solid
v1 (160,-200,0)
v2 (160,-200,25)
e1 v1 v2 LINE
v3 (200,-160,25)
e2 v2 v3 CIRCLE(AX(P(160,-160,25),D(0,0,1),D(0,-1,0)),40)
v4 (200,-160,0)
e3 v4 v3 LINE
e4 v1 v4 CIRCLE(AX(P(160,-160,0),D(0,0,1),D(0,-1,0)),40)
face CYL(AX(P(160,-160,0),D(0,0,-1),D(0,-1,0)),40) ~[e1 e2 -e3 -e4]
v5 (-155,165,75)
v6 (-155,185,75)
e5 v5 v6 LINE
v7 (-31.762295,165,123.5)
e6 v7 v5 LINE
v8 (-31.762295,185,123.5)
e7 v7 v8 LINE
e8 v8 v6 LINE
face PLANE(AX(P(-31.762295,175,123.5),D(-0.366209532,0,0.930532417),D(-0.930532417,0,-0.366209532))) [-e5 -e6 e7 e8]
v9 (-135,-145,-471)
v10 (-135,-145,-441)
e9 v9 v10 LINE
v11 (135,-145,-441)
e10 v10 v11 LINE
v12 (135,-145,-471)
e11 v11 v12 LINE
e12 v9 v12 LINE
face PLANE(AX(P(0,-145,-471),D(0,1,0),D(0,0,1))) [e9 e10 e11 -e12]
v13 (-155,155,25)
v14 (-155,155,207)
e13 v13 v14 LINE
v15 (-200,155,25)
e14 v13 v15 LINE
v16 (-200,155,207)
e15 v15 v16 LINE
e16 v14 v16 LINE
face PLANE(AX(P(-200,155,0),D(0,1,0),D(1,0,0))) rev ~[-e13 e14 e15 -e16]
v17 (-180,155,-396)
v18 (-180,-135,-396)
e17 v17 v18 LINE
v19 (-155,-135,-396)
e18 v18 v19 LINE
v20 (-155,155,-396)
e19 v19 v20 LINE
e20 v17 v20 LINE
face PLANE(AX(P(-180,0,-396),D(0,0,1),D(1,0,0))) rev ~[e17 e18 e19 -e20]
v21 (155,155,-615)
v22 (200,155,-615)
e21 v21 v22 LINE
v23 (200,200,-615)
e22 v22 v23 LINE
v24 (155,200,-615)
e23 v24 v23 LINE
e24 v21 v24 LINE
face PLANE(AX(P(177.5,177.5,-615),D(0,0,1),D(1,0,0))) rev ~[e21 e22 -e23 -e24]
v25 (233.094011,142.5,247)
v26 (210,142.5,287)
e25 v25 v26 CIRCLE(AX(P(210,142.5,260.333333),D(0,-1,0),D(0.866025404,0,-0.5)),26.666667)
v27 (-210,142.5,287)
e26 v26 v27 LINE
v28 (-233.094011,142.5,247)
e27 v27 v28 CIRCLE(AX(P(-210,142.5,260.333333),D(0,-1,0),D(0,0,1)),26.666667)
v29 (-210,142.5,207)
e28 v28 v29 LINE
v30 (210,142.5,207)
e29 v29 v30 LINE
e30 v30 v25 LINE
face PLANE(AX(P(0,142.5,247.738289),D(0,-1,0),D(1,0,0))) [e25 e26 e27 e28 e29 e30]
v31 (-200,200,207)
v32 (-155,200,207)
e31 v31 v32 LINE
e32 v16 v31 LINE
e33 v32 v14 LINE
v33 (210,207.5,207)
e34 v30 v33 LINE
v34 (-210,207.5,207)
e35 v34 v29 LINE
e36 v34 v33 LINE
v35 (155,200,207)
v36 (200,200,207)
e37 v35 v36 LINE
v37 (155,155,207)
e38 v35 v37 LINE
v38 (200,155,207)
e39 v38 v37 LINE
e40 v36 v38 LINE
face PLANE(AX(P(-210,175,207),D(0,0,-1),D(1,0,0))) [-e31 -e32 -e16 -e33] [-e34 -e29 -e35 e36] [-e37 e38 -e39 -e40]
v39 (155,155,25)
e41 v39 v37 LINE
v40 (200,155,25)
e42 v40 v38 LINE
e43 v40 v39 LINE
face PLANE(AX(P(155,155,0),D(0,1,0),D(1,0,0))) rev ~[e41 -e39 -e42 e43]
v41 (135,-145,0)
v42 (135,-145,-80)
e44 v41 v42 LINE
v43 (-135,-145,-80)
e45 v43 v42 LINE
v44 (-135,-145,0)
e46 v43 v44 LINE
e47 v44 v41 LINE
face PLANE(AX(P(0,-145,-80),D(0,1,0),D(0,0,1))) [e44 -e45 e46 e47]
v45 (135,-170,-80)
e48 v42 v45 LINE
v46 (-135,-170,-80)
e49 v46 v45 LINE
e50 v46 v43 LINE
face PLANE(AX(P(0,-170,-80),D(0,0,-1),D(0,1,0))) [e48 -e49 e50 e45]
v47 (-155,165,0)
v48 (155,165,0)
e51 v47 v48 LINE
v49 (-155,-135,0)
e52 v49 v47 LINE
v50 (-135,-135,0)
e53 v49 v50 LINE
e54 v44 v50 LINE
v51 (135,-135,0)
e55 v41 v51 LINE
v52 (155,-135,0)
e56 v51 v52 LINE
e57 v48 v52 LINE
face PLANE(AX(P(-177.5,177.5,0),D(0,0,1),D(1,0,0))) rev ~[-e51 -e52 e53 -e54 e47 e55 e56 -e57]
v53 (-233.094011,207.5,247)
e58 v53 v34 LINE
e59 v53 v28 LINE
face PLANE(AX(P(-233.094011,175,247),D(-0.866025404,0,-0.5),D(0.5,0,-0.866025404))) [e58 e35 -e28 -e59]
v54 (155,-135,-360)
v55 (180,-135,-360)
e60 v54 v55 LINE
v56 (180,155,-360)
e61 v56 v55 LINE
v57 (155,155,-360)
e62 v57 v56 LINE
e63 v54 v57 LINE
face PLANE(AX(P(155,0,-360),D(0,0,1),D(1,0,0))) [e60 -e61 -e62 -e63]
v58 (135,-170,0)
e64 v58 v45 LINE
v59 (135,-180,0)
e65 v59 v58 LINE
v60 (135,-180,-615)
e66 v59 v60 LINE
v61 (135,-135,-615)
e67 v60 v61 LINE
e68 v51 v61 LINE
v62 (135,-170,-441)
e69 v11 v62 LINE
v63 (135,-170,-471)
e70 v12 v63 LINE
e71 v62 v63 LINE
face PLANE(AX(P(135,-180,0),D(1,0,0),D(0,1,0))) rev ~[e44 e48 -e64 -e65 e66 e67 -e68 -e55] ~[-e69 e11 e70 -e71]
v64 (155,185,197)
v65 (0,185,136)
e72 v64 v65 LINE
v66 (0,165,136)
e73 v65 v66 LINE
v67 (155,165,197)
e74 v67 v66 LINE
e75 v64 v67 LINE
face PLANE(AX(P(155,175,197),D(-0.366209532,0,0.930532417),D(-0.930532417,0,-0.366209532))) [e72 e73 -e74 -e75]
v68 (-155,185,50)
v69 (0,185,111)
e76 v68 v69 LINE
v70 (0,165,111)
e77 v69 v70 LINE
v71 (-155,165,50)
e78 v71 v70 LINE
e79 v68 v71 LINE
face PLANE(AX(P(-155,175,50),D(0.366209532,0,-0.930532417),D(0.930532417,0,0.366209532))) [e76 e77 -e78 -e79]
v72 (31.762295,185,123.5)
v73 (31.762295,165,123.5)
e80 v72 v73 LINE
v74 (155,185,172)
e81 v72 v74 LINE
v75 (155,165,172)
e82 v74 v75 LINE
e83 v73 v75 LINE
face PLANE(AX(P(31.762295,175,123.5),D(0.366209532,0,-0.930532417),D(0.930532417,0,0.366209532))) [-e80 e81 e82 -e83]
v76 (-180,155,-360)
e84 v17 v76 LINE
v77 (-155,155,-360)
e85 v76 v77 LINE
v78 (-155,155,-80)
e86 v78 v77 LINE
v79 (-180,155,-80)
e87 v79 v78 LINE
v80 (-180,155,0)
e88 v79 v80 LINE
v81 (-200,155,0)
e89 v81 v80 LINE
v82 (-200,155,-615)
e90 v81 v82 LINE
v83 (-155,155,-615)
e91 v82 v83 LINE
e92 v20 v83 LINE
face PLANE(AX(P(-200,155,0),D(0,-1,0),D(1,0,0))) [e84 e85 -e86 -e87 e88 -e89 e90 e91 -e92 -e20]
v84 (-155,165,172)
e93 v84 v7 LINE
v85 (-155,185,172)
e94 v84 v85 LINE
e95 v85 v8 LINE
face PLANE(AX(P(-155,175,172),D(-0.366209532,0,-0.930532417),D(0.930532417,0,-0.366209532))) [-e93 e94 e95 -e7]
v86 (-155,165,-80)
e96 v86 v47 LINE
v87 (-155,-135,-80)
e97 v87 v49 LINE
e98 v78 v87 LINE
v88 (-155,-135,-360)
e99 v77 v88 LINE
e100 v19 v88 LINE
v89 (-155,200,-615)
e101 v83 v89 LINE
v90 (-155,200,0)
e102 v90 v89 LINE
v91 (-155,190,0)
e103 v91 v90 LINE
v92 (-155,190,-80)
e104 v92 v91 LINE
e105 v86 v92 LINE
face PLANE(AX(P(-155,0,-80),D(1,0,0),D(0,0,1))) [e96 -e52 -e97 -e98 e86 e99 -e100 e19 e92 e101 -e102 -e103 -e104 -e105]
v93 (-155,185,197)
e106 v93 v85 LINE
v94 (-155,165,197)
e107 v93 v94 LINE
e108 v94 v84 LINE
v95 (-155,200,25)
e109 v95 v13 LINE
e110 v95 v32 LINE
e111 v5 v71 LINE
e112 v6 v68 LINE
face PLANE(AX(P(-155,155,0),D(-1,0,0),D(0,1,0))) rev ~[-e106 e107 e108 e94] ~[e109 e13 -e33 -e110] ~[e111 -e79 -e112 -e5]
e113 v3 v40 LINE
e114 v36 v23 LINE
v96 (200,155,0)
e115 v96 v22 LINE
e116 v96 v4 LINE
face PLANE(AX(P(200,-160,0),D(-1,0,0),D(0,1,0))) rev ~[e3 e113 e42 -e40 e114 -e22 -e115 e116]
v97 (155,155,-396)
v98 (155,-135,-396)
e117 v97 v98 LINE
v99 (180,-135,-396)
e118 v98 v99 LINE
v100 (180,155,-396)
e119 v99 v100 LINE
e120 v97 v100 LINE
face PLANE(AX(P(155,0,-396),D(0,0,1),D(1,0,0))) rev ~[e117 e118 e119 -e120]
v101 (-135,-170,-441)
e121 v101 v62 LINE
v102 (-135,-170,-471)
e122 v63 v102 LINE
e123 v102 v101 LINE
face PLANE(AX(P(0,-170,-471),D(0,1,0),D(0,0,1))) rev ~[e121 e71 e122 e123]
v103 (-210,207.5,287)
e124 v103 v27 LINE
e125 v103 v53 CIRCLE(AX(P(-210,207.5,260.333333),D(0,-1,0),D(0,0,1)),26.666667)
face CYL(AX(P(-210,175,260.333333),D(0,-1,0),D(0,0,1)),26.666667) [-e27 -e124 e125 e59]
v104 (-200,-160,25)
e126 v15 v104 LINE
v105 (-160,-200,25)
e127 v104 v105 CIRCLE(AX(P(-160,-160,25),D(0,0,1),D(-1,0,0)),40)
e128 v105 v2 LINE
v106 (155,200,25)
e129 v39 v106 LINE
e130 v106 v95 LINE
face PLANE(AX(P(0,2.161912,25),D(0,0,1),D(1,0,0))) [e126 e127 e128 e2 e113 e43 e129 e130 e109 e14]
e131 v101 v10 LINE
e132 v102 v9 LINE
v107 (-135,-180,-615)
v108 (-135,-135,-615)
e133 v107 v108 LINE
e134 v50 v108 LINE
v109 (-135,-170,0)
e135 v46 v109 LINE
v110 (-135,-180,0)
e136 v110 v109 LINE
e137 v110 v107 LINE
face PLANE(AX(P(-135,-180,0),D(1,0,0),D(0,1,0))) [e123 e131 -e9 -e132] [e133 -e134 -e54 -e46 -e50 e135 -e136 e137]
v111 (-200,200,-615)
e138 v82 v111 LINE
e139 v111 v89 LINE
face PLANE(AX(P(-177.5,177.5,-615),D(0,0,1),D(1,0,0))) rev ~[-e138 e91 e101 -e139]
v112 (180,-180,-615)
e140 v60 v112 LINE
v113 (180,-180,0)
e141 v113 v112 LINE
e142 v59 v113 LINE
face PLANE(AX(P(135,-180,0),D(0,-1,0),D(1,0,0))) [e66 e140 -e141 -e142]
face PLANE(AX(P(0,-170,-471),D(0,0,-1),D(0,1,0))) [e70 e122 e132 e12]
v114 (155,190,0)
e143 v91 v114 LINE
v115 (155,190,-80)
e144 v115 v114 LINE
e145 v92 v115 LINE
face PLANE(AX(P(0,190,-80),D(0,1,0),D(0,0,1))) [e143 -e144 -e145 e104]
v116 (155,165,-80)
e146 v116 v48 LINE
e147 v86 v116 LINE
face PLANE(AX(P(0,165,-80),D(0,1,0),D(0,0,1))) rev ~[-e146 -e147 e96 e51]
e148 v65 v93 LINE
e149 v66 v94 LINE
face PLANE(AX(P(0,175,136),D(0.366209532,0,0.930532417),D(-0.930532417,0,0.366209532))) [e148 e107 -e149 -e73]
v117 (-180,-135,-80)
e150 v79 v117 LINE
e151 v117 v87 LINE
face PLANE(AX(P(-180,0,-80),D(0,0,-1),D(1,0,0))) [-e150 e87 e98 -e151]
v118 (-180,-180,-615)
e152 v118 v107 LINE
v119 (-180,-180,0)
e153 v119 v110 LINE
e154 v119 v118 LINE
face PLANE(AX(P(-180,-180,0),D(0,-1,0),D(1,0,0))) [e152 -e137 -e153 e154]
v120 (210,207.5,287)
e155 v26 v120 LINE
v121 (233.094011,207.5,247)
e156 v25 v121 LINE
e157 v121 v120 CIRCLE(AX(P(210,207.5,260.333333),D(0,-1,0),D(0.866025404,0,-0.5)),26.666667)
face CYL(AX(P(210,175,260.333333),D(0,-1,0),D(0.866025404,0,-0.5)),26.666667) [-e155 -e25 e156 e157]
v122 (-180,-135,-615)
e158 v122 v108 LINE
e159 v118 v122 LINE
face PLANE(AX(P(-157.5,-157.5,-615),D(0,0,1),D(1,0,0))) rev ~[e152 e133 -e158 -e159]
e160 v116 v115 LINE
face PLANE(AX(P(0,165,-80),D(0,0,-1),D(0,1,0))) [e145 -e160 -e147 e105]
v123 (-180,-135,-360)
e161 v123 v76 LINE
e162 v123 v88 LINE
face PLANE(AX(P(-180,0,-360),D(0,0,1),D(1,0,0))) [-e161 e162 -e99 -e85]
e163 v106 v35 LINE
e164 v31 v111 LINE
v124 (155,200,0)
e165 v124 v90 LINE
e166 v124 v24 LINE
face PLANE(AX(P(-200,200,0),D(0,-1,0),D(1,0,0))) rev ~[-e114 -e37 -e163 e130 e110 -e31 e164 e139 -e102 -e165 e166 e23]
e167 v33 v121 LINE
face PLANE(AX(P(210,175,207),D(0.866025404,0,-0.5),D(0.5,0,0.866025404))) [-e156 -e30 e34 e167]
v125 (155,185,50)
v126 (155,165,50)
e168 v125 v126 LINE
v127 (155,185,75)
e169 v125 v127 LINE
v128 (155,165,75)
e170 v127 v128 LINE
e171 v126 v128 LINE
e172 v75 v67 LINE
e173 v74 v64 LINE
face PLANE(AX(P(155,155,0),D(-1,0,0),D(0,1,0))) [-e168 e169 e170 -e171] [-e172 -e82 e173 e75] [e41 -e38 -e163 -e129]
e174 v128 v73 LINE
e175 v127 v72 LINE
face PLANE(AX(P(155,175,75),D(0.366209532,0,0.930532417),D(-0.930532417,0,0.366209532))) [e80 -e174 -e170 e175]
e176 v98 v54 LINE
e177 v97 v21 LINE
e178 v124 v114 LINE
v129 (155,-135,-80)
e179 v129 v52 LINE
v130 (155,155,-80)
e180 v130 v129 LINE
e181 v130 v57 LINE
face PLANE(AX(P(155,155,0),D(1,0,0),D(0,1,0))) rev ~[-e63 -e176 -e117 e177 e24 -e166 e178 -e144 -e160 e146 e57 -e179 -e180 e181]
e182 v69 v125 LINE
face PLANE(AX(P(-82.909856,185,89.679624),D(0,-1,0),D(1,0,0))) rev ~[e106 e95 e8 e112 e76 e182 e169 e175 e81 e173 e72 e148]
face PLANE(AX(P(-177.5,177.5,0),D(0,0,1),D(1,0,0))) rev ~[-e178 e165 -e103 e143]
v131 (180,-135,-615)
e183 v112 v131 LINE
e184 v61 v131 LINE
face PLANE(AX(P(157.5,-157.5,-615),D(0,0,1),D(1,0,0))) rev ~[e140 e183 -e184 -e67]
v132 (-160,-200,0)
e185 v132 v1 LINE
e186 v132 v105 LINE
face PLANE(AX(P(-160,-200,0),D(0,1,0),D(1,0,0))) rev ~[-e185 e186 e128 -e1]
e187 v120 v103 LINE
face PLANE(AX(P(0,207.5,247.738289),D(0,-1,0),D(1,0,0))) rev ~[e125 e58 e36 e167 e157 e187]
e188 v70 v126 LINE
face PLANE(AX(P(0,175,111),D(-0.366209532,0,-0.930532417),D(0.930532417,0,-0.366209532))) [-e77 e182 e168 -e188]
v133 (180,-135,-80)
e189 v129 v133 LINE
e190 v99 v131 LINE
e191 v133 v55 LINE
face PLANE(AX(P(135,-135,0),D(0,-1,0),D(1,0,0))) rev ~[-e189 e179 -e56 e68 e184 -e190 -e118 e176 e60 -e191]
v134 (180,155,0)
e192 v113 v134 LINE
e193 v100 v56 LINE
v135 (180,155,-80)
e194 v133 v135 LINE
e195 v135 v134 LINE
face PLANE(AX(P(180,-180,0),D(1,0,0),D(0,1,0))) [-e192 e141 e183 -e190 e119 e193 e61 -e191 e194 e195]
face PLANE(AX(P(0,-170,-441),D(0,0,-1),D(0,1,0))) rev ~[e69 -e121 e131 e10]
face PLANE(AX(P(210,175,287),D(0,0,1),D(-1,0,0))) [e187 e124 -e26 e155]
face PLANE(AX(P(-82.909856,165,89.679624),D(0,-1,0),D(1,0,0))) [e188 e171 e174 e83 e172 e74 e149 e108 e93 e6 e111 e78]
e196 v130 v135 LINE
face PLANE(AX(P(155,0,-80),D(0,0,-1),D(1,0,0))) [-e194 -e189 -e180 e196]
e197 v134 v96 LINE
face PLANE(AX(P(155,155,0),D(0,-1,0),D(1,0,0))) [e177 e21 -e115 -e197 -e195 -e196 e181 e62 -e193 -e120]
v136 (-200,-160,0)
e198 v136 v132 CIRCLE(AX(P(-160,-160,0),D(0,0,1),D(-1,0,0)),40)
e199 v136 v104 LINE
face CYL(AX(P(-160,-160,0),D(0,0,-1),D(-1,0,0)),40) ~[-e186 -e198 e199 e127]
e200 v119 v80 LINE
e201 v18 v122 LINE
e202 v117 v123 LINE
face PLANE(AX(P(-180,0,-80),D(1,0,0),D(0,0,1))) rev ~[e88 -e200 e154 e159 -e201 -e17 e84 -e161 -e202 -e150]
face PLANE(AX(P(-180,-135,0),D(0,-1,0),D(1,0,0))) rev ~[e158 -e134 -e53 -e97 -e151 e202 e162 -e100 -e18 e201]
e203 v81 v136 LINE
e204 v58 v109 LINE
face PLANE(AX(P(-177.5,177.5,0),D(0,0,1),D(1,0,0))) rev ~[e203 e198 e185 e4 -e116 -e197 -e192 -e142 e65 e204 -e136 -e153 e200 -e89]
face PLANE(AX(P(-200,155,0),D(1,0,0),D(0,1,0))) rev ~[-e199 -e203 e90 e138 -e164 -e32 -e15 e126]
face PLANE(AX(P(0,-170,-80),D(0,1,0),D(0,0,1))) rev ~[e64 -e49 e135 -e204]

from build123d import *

# Parameters (mm, degrees)
F1_DEPTH      = 25
F2_W          = 45
F2_H          = 45
F3_DEPTH      = 615
F4_W          = 45
F4_H          = 45
F5_DEPTH      = 287
F5_DEPTH_BACK = 615
F6_W          = 25
F6_H          = 80
F6_H_2        = 36
F7_DEPTH      = 135
F7_DEPTH_BACK = 155
F8_W          = 25
F8_H          = 80
F8_H_2        = 30
F9_DEPTH      = 155
F9_DEPTH_BACK = 155
F12_DEPTH     = 32.5
F14_DEPTH     = 10


with BuildPart() as f1:
    # F0 (on Top) → F1 (new body)
    with BuildSketch(Plane.XY):
        with BuildLine():
            Line((155, 200), (-155, 200))
            Line((-155, 200), (-155, 155))
            Line((-155, 155), (-200, 155))
            Line((-200, 155), (-200, -160))
            ThreePointArc((-200, -160), (-188.2842712475, -188.2842712475), (-160, -200))
            Line((-160, -200), (160, -200))
            ThreePointArc((160, -200), (188.2842712475, -188.2842712475), (200, -160))
            Line((200, -160), (200, 155))
            Line((200, 155), (155, 155))
            Line((155, 155), (155, 200))
        make_face()
    extrude(amount=F1_DEPTH)

    # F2 (on Top) → F3 (join)
    with BuildSketch(Plane.XY):
        with Locations((157.5, -157.5)):
            Rectangle(F2_W, F2_H)
        with Locations((-157.5, -157.5)):
            Rectangle(F2_W, F2_H)
    extrude(amount=-F3_DEPTH)

    # F4 (on Top) → F5 (join, two sides)
    with BuildSketch(Plane.XY) as f5_sk:
        with Locations((-177.5, 177.5)):
            Rectangle(F4_W, F4_H)
        with Locations((177.5, 177.5)):
            Rectangle(F4_W, F4_H)
    extrude(amount=F5_DEPTH)
    extrude(f5_sk.sketch, amount=-F5_DEPTH_BACK)

    # F6 (on Front) → F7 (join, two sides)
    with BuildSketch(Plane.XZ) as f7_sk:
        with Locations((-167.5, -40)):
            Rectangle(F6_W, F6_H)
        with Locations((167.5, -40)):
            Rectangle(F6_W, F6_H)
        with Locations((-167.5, -378)):
            Rectangle(F6_W, F6_H_2)
        with Locations((167.5, -378)):
            Rectangle(F6_W, F6_H_2)
    extrude(amount=F7_DEPTH)
    extrude(f7_sk.sketch, amount=-F7_DEPTH_BACK)

    # F8 (on Right) → F9 (join, two sides)
    with BuildSketch(Plane.YZ) as f9_sk:
        with Locations((-157.5, -40)):
            Rectangle(F8_W, F8_H)
        with Locations((177.5, -40)):
            Rectangle(F8_W, F8_H)
        with Locations((-157.5, -456)):
            Rectangle(F8_W, F8_H_2)
    extrude(amount=F9_DEPTH)
    extrude(f9_sk.sketch, amount=-F9_DEPTH_BACK)

    # F11 (on offset) → F12 (join, symmetric)
    with BuildSketch(Plane.XZ.offset(-175)):
        with BuildLine():
            Line((210, 287), (-210, 287))
            ThreePointArc((-210, 287), (-233.0940107676, 273.6666666667), (-233.0940107676, 247))
            Line((-233.0940107676, 247), (-210, 207))
            Line((-210, 207), (210, 207))
            Line((210, 207), (233.0940107676, 247))
            ThreePointArc((233.0940107676, 247), (233.0940107676, 273.6666666667), (210, 287))
        make_face()
    extrude(amount=F12_DEPTH, both=True)

    # F13 (on offset) → F14 (join, symmetric)
    with BuildSketch(Plane.XZ.offset(-175)):
        Polygon((-155, 75), (-155, 50), (0, 111), (-31.762295082, 123.5), align=None)
        Polygon((-31.762295082, 123.5), (0, 111), (31.762295082, 123.5), (0, 136), align=None)
        Polygon((31.762295082, 123.5), (0, 111), (155, 50), (155, 75), align=None)
        Polygon((0, 136), (31.762295082, 123.5), (155, 172), (155, 197), align=None)
        Polygon((-155, 172), (-31.762295082, 123.5), (0, 136), (-155, 197), align=None)
    extrude(amount=F14_DEPTH, both=True)


solid = f1.part
